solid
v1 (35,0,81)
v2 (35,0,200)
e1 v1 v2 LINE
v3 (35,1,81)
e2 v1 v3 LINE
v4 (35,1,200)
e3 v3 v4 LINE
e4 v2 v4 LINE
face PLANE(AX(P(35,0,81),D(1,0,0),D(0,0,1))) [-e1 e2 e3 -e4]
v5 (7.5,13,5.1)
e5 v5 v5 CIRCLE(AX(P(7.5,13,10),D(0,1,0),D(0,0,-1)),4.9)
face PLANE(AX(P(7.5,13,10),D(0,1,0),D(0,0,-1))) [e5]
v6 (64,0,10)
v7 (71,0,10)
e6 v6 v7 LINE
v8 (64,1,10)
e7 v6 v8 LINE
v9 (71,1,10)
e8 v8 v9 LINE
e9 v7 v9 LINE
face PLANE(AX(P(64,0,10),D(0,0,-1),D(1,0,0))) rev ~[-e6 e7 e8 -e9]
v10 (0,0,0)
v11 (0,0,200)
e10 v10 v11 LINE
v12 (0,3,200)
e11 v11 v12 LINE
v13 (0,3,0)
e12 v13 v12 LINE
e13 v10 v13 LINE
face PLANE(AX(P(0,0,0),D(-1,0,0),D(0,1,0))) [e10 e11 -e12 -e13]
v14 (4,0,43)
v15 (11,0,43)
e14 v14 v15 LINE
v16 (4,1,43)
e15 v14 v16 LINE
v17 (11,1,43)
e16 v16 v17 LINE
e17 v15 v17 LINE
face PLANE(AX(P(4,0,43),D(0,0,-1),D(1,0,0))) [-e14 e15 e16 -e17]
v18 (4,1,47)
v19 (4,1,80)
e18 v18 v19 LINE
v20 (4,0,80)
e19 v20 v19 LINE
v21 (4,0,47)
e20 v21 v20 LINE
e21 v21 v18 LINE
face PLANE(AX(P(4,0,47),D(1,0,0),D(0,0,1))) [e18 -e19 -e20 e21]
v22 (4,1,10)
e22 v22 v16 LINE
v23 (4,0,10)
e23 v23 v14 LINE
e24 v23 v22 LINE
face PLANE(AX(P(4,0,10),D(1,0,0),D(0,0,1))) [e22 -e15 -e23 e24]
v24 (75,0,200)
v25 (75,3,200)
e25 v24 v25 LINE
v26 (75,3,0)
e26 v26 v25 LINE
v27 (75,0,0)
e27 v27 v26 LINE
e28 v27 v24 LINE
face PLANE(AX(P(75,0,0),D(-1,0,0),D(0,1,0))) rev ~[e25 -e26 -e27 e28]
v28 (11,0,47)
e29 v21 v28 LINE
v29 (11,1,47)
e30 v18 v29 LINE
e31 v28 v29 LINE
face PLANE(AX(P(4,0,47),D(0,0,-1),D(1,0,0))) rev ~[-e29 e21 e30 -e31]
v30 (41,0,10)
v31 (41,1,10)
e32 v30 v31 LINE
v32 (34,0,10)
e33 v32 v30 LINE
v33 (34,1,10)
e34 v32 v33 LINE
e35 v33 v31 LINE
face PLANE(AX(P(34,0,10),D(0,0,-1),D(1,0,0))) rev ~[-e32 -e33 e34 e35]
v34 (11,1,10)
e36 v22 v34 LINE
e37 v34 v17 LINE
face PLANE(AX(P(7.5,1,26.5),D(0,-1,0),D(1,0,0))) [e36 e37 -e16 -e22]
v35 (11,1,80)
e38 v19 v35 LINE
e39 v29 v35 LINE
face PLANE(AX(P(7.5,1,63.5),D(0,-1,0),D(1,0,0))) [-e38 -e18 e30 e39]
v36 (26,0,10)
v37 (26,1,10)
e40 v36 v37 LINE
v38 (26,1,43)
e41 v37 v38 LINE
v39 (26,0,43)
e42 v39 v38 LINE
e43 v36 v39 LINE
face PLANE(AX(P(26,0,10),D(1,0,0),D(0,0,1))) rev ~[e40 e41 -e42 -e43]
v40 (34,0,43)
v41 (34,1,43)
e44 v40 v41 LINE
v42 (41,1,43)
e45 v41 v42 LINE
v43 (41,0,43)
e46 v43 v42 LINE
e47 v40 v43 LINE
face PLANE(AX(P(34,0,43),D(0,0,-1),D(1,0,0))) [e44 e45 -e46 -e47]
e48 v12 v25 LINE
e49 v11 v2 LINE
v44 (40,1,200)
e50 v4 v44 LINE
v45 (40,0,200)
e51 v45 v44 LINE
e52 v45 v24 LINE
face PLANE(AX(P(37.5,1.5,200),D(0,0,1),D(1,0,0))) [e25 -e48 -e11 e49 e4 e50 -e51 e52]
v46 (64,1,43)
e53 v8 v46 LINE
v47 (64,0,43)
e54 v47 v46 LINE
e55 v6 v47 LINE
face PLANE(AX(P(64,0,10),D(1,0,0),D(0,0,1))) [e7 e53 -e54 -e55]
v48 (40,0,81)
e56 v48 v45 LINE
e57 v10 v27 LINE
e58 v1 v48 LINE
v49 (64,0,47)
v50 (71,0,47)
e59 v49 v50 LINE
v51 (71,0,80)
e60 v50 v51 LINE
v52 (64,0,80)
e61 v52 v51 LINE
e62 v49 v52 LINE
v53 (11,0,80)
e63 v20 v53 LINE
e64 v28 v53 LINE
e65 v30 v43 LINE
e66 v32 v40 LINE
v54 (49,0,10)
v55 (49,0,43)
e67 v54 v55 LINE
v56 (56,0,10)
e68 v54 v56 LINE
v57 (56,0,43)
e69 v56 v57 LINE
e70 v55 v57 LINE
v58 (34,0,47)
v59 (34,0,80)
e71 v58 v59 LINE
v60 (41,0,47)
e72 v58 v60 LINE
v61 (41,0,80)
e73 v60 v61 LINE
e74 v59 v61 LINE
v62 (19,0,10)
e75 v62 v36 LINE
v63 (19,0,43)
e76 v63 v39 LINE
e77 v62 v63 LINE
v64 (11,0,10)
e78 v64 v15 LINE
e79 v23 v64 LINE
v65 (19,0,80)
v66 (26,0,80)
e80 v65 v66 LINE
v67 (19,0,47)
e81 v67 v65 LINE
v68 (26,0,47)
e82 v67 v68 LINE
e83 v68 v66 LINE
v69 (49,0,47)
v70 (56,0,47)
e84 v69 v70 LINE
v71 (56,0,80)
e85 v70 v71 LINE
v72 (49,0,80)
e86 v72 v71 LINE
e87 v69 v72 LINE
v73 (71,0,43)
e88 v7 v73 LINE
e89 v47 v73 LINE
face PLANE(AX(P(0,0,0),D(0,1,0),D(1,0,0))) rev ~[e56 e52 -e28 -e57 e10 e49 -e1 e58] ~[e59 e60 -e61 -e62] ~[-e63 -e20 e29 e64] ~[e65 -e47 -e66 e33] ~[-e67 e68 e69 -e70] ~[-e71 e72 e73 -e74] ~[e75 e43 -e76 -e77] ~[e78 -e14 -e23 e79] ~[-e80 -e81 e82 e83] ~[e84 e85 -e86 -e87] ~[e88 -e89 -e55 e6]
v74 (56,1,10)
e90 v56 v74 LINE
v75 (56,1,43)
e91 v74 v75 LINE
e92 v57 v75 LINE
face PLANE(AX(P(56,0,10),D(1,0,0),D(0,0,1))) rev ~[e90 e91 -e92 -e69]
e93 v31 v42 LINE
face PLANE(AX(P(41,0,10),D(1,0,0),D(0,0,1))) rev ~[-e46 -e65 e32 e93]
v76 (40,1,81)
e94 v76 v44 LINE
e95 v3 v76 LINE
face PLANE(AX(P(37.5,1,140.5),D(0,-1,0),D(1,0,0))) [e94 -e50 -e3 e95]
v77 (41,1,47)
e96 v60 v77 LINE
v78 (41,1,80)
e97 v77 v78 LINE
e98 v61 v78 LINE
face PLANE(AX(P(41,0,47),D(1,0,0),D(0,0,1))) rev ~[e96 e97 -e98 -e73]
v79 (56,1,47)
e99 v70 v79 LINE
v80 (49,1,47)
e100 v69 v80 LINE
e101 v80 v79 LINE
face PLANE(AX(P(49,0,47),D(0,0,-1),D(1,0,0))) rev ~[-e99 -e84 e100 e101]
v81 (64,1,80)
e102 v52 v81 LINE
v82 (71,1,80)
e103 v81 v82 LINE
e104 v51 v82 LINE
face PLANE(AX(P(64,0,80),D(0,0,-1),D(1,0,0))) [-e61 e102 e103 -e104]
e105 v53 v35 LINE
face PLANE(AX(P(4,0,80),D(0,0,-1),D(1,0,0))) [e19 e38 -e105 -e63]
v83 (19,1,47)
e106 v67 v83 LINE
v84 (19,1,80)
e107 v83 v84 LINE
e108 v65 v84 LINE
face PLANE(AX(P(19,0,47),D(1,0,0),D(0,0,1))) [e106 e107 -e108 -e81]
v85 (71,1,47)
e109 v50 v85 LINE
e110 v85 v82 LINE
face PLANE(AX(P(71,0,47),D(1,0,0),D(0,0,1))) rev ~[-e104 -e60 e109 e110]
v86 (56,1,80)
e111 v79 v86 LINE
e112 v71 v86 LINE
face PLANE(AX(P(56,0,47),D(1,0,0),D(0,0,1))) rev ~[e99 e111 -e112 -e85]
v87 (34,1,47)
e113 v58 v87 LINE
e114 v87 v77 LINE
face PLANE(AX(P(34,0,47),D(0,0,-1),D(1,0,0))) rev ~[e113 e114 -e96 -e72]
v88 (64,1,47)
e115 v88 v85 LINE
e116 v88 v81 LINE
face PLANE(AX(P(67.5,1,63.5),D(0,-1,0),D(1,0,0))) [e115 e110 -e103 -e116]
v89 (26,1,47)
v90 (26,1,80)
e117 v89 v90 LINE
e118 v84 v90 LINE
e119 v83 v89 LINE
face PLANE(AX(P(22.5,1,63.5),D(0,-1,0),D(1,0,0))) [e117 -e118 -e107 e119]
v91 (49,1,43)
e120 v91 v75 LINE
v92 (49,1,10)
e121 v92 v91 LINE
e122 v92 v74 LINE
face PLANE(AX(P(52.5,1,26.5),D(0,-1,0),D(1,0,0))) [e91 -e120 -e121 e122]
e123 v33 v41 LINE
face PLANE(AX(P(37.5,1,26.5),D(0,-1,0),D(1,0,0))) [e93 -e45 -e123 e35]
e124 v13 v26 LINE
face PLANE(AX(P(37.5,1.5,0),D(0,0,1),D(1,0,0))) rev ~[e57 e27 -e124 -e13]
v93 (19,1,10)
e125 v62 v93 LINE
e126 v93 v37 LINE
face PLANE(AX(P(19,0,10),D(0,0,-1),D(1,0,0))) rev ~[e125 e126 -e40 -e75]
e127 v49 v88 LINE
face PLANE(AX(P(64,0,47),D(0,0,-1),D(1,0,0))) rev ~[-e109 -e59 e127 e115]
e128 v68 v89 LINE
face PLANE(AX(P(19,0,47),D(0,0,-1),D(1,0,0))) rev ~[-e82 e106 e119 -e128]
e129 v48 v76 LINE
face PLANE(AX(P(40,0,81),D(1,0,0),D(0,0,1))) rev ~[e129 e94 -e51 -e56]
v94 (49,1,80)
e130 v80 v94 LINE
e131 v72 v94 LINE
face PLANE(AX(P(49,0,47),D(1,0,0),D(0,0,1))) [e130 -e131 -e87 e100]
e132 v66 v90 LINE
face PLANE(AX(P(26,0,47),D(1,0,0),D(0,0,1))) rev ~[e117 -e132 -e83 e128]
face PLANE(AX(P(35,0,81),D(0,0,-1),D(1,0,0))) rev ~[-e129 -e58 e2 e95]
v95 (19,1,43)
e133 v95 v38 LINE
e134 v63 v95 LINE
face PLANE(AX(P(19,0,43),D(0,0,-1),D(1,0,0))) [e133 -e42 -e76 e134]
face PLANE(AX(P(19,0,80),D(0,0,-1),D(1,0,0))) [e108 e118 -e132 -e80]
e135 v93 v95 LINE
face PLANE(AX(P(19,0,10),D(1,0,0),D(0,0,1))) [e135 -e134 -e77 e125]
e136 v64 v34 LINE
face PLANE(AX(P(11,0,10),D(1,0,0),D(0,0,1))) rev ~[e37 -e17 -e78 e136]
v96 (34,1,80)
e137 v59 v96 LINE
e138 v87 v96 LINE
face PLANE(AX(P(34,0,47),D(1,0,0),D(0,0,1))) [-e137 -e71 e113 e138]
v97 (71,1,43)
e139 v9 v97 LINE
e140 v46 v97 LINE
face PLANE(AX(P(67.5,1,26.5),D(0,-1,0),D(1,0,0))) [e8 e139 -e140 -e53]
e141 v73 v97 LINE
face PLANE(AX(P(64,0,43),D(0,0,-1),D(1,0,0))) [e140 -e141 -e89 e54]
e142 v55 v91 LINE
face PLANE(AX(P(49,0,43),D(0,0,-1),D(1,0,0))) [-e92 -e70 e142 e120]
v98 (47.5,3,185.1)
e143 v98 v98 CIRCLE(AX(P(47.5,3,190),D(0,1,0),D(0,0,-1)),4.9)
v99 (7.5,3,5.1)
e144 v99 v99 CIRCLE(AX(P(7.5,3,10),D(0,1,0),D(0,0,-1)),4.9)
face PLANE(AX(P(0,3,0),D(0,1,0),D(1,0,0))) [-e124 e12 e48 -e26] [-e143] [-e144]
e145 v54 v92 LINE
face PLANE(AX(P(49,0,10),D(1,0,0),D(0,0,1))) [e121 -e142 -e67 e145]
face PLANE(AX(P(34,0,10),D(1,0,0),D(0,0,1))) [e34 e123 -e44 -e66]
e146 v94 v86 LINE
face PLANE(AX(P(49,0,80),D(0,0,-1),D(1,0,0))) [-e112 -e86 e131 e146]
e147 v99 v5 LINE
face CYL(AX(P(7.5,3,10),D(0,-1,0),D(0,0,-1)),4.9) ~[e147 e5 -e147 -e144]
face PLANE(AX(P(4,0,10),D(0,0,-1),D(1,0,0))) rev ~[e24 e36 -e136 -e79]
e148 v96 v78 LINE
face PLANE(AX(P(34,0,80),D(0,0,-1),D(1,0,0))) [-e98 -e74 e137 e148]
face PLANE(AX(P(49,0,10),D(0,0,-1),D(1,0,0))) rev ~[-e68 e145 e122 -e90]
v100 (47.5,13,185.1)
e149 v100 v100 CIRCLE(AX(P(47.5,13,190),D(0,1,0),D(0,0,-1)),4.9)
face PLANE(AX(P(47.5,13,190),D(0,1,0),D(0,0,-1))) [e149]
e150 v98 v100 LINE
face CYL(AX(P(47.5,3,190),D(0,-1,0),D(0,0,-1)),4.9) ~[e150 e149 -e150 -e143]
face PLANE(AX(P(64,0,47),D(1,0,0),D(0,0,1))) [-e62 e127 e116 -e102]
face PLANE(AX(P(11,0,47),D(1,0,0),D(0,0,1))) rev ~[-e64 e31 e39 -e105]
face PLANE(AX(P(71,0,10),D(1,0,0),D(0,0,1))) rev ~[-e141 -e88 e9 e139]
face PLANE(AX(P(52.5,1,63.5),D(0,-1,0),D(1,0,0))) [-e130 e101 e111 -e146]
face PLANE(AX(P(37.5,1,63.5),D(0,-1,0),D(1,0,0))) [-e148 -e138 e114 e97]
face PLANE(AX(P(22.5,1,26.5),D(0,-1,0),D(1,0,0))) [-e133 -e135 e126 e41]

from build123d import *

# Parameters (mm, degrees)
SKETCH1_W           = 75
SKETCH1_H           = 3
BOSS_EXTRUDE1_DEPTH = 200
SKETCH2_R           = 4.9
BOSS_EXTRUDE2_DEPTH = 10
SKETCH3_W           = 5
SKETCH3_H           = 119
CUT_EXTRUDE1_DEPTH  = 1
SKETCH4_W           = 7
SKETCH4_H           = 33
CUT_EXTRUDE2_DEPTH  = 1


with BuildPart() as part:
    # Sketch1 → Boss-Extrude1 (new body)
    with BuildSketch(Plane.XY):
        with Locations((37.5, 1.5)):
            Rectangle(SKETCH1_W, SKETCH1_H)
    extrude(amount=BOSS_EXTRUDE1_DEPTH)

    # Sketch2 → Boss-Extrude2 (add)
    with BuildSketch(Plane(origin=(0, 3, 0), x_dir=(1, 0, 0), z_dir=(0, 1, 0))):
        with Locations(Location((7.5, -10, 0), (0, 0, 90))):
            Circle(SKETCH2_R)
        with Locations(Location((47.5, -190, 0), (0, 0, 90))):
            Circle(SKETCH2_R)
    extrude(amount=BOSS_EXTRUDE2_DEPTH)

    # Sketch3 → Cut-Extrude1 (cut)
    with BuildSketch(Plane.XZ):
        with Locations((37.5, 140.5)):
            Rectangle(SKETCH3_W, SKETCH3_H)
    extrude(amount=-CUT_EXTRUDE1_DEPTH, mode=Mode.SUBTRACT)

    # Sketch4 → Cut-Extrude2 (cut)
    with BuildSketch(Plane.XZ):
        with Locations((7.5, 26.5)):
            Rectangle(SKETCH4_W, SKETCH4_H)
        with Locations((7.5, 63.5)):
            Rectangle(SKETCH4_W, SKETCH4_H)
        with Locations((22.5, 26.5)):
            Rectangle(SKETCH4_W, SKETCH4_H)
        with Locations((22.5, 63.5)):
            Rectangle(SKETCH4_W, SKETCH4_H)
        with Locations((37.5, 26.5)):
            Rectangle(SKETCH4_W, SKETCH4_H)
        with Locations((37.5, 63.5)):
            Rectangle(SKETCH4_W, SKETCH4_H)
        with Locations((52.5, 26.5)):
            Rectangle(SKETCH4_W, SKETCH4_H)
        with Locations((52.5, 63.5)):
            Rectangle(SKETCH4_W, SKETCH4_H)
        with Locations((67.5, 26.5)):
            Rectangle(SKETCH4_W, SKETCH4_H)
        with Locations((67.5, 63.5)):
            Rectangle(SKETCH4_W, SKETCH4_H)
    extrude(amount=-CUT_EXTRUDE2_DEPTH, mode=Mode.SUBTRACT)


solid = part.part
